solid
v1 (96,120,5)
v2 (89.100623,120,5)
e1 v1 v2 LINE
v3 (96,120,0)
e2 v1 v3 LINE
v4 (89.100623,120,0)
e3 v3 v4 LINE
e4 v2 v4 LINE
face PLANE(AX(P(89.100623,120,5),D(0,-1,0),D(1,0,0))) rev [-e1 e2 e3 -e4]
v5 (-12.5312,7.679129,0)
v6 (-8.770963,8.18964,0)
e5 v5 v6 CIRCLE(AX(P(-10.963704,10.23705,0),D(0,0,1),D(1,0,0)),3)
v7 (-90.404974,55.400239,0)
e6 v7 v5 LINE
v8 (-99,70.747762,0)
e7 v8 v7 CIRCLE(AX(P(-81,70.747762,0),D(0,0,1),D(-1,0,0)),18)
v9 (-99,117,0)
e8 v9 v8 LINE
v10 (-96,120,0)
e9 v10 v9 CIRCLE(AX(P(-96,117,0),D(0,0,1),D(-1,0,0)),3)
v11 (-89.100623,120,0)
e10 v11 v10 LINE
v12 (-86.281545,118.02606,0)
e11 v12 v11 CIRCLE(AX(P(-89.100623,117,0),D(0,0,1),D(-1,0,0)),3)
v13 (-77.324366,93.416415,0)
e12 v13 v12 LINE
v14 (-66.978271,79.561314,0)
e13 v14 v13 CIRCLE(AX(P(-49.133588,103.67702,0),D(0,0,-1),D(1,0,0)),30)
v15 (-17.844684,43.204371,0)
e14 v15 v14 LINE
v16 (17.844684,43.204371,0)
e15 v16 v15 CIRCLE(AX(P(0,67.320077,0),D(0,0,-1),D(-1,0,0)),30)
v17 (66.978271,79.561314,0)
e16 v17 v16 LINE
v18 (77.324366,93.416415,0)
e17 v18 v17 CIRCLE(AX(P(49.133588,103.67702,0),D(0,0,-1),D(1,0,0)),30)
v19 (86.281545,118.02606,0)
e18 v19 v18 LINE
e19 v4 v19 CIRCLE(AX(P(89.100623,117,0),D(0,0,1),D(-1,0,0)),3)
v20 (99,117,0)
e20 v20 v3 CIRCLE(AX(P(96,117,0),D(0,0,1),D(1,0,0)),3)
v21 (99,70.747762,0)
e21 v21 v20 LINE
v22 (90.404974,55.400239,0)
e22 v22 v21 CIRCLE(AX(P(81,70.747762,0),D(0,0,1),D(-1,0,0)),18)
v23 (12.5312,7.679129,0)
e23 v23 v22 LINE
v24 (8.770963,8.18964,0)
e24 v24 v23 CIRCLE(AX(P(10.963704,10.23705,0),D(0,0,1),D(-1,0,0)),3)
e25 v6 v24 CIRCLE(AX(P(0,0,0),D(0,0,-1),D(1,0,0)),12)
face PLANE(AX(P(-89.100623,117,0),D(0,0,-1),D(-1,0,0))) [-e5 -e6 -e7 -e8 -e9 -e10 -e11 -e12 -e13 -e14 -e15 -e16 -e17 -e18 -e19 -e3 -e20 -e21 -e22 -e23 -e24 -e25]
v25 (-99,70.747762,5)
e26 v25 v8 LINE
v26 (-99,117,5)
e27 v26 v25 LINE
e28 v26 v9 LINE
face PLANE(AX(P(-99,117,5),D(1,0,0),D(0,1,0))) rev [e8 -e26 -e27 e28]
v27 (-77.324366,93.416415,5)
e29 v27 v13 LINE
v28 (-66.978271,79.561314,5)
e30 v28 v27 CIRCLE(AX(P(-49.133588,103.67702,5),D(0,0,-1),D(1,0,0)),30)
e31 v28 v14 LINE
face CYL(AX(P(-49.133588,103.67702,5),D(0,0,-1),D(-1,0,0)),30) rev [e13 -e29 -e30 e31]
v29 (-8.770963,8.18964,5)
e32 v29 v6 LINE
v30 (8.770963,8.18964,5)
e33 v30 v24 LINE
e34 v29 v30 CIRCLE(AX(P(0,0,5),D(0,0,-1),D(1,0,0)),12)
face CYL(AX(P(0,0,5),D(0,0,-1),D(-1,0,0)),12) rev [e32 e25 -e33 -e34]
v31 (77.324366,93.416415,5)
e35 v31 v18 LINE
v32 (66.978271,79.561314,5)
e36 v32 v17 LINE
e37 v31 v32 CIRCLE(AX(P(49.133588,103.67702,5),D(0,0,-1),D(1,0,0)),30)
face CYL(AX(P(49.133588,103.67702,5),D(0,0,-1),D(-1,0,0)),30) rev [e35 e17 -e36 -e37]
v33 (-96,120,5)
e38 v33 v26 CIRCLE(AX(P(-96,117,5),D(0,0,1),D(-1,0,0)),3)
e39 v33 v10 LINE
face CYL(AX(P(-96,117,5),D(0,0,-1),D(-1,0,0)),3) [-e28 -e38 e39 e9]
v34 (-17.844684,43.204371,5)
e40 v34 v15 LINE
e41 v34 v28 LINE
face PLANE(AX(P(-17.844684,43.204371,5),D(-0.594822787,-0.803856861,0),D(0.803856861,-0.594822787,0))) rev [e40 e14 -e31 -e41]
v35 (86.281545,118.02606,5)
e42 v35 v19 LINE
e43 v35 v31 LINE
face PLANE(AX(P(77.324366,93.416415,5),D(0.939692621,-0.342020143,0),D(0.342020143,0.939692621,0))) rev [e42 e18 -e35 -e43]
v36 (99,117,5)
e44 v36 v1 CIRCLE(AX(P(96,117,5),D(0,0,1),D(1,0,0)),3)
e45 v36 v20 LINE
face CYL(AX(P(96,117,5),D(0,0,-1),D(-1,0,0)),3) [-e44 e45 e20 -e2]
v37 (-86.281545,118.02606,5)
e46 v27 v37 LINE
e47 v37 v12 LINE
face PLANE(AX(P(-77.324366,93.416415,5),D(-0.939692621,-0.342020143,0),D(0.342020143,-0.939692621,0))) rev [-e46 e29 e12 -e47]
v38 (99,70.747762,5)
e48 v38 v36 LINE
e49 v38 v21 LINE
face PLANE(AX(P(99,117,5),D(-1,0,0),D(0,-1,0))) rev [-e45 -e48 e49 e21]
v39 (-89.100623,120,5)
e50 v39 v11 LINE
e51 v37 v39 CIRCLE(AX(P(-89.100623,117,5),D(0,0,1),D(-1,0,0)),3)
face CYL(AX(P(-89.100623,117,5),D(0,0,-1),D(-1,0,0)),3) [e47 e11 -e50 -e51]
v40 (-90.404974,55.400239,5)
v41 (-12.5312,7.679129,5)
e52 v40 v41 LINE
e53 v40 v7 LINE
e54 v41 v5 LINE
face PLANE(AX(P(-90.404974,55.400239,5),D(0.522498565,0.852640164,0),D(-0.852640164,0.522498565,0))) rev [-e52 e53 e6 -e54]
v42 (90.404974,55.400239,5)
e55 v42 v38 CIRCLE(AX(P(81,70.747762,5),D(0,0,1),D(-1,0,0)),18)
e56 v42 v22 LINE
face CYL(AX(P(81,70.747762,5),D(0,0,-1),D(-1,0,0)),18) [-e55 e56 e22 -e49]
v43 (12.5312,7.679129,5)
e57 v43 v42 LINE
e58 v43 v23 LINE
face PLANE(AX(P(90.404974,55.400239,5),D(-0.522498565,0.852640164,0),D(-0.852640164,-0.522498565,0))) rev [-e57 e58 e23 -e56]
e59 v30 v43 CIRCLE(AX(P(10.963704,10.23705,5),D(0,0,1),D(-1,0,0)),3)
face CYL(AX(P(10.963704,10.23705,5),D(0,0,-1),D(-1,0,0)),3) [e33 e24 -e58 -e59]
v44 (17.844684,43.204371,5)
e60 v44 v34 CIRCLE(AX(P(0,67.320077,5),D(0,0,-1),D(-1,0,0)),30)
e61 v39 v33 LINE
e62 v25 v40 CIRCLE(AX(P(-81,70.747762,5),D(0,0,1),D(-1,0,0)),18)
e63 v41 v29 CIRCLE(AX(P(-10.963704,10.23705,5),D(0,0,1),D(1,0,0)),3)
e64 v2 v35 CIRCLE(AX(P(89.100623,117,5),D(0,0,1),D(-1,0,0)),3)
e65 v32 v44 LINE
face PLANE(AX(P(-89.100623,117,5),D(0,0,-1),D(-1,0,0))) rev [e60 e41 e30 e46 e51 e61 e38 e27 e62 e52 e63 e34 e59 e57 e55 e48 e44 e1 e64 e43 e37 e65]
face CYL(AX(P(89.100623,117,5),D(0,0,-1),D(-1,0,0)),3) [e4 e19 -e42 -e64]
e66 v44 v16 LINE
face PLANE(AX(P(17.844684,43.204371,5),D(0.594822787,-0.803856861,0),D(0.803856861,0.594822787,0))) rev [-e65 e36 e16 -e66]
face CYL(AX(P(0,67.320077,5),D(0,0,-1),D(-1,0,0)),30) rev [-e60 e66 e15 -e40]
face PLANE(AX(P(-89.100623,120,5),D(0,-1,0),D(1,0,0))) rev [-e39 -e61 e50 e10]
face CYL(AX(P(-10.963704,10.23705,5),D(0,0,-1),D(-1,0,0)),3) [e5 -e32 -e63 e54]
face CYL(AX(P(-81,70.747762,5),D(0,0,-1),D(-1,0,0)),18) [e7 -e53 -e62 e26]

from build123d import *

# Parameters (mm, degrees)
BASE_EXTRUDE_DEPTH = 5


with BuildPart() as part:
    # Sketch1 → Base-Extrude (new body)
    with BuildSketch(Plane.XY):
        with BuildLine():
            Line((-99, 117), (-99, 70.747762378))
            ThreePointArc((-99, 70.747762378), (-96.704928127, 61.952580031), (-90.404974165, 55.40023942))
            Line((-90.404974165, 55.40023942), (-12.531200021, 7.679129249))
            ThreePointArc((-12.531200021, 7.679129249), (-10.560110304, 7.264321725), (-8.770963462, 8.189639794))
            ThreePointArc((-8.770963462, 8.189639794), (0, 12), (8.770963462, 8.189639794))
            ThreePointArc((8.770963462, 8.189639794), (10.560110304, 7.264321725), (12.531200021, 7.679129249))
            Line((12.531200021, 7.679129249), (90.404974165, 55.40023942))
            ThreePointArc((90.404974165, 55.40023942), (96.704928127, 61.952580031), (99, 70.747762378))
            Line((99, 70.747762378), (99, 117))
            ThreePointArc((99, 117), (98.121320344, 119.121320344), (96, 120))
            Line((96, 120), (89.100622615, 120))
            ThreePointArc((89.100622615, 120), (87.379893306, 119.457456133), (86.281544752, 118.02606043))
            Line((86.281544752, 118.02606043), (77.324366423, 93.416415229))
            ThreePointArc((77.324366423, 93.416415229), (73.17120218, 85.727281512), (66.978271402, 79.56131371))
            Line((66.978271402, 79.56131371), (17.844683603, 43.204371262))
            ThreePointArc((17.844683603, 43.204371262), (0, 37.320077081), (-17.844683603, 43.204371262))
            Line((-17.844683603, 43.204371262), (-66.978271402, 79.56131371))
            ThreePointArc((-66.978271402, 79.56131371), (-73.17120218, 85.727281512), (-77.324366423, 93.416415229))
            Line((-77.324366423, 93.416415229), (-86.281544752, 118.02606043))
            ThreePointArc((-86.281544752, 118.02606043), (-87.379893306, 119.457456133), (-89.100622615, 120))
            Line((-89.100622615, 120), (-96, 120))
            ThreePointArc((-96, 120), (-98.121320344, 119.121320344), (-99, 117))
        make_face()
    extrude(amount=BASE_EXTRUDE_DEPTH)


solid = part.part
